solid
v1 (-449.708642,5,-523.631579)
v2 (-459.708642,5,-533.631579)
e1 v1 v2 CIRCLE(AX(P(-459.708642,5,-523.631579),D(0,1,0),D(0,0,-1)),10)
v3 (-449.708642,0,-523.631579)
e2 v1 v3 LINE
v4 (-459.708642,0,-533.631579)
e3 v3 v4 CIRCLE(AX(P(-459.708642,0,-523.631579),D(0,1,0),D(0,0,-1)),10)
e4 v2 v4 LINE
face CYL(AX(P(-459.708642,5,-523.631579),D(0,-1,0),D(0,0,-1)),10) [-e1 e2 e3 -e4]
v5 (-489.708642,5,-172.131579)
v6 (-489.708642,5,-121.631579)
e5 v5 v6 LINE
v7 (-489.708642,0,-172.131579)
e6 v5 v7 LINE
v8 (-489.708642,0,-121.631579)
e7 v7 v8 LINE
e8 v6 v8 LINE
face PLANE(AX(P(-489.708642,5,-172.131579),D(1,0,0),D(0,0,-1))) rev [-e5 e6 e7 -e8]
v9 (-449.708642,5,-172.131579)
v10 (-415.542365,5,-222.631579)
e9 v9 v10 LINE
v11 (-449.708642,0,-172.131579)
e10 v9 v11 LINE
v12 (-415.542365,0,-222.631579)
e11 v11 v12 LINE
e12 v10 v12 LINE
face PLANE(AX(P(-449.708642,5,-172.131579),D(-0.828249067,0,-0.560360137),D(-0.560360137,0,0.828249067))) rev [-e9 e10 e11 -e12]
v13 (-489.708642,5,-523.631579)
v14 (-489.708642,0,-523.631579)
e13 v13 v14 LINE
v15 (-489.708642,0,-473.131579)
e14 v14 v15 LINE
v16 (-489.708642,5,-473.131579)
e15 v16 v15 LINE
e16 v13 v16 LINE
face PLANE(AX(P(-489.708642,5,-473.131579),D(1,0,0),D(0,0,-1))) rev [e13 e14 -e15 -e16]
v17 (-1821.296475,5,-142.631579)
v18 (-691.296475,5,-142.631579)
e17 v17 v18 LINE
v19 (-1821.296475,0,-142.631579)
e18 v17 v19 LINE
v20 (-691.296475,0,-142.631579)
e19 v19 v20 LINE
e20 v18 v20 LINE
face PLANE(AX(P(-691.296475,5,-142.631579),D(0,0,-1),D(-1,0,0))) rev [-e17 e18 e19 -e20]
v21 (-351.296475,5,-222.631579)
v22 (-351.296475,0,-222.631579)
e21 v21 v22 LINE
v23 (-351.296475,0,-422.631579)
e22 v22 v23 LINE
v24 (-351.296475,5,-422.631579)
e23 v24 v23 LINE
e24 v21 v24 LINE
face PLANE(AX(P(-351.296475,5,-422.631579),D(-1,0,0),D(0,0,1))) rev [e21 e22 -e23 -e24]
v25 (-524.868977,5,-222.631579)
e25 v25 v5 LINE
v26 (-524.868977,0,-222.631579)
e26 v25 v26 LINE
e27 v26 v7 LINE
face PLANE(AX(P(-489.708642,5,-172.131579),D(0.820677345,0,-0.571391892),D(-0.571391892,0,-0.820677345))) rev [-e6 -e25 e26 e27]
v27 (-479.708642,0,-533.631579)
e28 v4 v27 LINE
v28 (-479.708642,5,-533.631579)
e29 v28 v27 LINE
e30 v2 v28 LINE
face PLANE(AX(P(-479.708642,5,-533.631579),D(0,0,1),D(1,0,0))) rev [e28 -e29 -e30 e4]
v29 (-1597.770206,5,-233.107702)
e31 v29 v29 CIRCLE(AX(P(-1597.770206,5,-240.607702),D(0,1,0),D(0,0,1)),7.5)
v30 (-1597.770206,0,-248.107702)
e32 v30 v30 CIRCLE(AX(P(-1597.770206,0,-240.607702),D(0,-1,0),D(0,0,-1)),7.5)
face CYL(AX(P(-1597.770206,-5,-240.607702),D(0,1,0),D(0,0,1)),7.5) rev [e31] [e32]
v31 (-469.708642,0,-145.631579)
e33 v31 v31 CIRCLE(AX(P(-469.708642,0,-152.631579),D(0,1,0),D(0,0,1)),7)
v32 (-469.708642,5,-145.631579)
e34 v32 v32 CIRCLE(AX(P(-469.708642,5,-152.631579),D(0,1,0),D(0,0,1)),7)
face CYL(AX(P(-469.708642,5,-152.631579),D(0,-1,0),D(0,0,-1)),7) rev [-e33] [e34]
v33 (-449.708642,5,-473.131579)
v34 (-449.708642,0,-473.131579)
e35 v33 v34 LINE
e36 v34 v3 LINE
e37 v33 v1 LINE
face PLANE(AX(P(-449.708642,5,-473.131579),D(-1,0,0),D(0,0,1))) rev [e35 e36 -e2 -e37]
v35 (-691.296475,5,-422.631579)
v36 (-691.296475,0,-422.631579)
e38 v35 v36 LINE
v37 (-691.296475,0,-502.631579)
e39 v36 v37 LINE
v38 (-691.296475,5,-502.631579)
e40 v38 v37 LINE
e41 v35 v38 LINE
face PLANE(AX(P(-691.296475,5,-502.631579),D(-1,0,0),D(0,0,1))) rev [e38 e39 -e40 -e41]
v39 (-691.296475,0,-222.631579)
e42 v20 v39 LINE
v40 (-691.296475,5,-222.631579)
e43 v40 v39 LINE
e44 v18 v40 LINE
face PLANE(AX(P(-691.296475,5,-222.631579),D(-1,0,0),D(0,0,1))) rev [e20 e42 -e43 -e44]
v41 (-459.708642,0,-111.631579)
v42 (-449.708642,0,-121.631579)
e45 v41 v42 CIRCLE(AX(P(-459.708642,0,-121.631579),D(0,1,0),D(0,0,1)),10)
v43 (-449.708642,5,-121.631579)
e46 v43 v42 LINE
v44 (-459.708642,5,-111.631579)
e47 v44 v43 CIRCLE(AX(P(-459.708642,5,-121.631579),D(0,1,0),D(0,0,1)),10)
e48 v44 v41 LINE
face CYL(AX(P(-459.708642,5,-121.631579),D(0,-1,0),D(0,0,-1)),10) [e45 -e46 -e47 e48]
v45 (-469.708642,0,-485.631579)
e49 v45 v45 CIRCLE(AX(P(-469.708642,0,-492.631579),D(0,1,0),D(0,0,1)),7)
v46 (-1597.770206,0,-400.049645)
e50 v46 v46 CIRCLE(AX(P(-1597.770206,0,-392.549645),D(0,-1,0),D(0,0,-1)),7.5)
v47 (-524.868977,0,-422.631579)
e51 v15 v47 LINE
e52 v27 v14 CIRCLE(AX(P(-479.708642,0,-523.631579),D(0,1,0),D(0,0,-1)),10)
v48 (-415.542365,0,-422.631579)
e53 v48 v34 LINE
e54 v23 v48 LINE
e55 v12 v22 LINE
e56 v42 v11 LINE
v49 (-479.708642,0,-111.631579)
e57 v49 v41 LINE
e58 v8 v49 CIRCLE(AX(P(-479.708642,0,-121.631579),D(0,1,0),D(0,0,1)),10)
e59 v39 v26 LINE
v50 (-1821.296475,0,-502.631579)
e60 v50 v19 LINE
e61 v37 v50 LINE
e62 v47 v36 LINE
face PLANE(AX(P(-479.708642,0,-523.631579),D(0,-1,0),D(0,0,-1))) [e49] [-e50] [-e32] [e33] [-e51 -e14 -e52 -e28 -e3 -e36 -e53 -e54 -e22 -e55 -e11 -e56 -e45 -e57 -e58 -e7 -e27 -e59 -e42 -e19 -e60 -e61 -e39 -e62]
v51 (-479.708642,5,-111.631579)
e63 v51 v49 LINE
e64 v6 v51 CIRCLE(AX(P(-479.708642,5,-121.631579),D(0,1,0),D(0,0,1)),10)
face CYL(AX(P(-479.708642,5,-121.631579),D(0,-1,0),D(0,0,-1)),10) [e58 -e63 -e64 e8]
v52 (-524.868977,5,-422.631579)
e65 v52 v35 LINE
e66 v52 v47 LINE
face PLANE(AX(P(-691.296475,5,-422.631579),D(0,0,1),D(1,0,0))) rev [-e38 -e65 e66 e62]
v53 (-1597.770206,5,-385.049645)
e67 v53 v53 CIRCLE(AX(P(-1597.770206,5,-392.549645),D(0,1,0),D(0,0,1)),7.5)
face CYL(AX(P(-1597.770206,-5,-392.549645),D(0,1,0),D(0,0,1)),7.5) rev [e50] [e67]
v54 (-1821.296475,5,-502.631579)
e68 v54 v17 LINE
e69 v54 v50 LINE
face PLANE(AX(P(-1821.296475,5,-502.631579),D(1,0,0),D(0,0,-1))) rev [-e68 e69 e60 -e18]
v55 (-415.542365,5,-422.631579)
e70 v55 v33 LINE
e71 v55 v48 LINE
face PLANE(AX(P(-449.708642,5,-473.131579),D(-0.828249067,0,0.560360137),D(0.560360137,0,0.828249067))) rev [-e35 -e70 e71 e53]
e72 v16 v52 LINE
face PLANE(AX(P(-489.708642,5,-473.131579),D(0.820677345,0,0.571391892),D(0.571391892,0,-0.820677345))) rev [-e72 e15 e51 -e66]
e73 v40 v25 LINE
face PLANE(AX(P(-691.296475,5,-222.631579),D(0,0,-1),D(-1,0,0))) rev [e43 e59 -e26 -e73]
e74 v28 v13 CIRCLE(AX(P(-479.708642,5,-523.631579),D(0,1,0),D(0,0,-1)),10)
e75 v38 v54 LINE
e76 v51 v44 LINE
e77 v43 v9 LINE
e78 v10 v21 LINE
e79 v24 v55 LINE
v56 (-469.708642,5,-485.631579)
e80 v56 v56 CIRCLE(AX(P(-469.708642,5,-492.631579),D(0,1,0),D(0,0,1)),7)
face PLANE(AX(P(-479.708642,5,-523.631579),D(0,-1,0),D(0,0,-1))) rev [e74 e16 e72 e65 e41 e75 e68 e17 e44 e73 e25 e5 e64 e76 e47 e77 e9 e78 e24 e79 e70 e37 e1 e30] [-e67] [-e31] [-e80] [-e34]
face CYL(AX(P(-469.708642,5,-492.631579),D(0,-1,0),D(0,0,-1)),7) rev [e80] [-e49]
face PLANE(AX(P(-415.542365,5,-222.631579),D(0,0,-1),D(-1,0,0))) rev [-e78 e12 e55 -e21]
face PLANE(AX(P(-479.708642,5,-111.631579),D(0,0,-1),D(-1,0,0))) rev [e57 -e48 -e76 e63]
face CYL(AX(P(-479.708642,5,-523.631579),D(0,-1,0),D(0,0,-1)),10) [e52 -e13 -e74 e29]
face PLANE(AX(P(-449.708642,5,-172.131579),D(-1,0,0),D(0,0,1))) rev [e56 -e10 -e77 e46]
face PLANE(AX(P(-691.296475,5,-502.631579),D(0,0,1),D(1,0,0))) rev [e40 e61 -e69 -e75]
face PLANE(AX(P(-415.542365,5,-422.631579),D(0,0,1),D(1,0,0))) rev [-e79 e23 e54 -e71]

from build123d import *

# Parameters (mm, degrees)
SKETCH1_R           = 7
BOSS_EXTRUDE1_DEPTH = 5
SKETCH2_R           = 7.5
CUT_EXTRUDE1_DEPTH  = 10


with BuildPart() as part:
    # Sketch1 → Boss-Extrude1 (new body)
    with BuildSketch(Plane(origin=(0, 0, 0), x_dir=(1, 0, 0), z_dir=(0, 1, 0))):
        with BuildLine():
            Line((-415.542365302, 422.631578947), (-351.296475424, 422.631578947))
            Line((-351.296475424, 422.631578947), (-351.296475424, 222.631578947))
            Line((-351.296475424, 222.631578947), (-415.542365302, 222.631578947))
            Line((-415.542365302, 222.631578947), (-449.708642176, 172.131578947))
            Line((-449.708642176, 172.131578947), (-449.708642176, 121.631578947))
            ThreePointArc((-449.708642176, 121.631578947), (-452.637574364, 114.560511136), (-459.708642176, 111.631578947))
            Line((-459.708642176, 111.631578947), (-479.708642176, 111.631578947))
            ThreePointArc((-479.708642176, 111.631578947), (-486.779709988, 114.560511136), (-489.708642176, 121.631578947))
            Line((-489.708642176, 121.631578947), (-489.708642176, 172.131578947))
            Line((-489.708642176, 172.131578947), (-524.868977384, 222.631578947))
            Line((-524.868977384, 222.631578947), (-691.296475424, 222.631578947))
            Line((-691.296475424, 222.631578947), (-691.296475424, 142.631578947))
            Line((-691.296475424, 142.631578947), (-1821.296475424, 142.631578947))
            Line((-1821.296475424, 142.631578947), (-1821.296475424, 502.631578947))
            Line((-1821.296475424, 502.631578947), (-691.296475424, 502.631578947))
            Line((-691.296475424, 502.631578947), (-691.296475424, 422.631578947))
            Line((-691.296475424, 422.631578947), (-524.868977384, 422.631578947))
            Line((-524.868977384, 422.631578947), (-489.708642176, 473.131578947))
            Line((-489.708642176, 473.131578947), (-489.708642176, 523.631578947))
            ThreePointArc((-489.708642176, 523.631578947), (-486.779709988, 530.702646759), (-479.708642176, 533.631578947))
            Line((-479.708642176, 533.631578947), (-459.708642176, 533.631578947))
            ThreePointArc((-459.708642176, 533.631578947), (-452.637574364, 530.702646759), (-449.708642176, 523.631578947))
            Line((-449.708642176, 523.631578947), (-449.708642176, 473.131578947))
            Line((-449.708642176, 473.131578947), (-415.542365302, 422.631578947))
        make_face()
        with Locations((-469.708642176, 492.631578947)):
            Circle(SKETCH1_R, mode=Mode.SUBTRACT)
        with Locations((-469.708642176, 152.631578947)):
            Circle(SKETCH1_R, mode=Mode.SUBTRACT)
    extrude(amount=BOSS_EXTRUDE1_DEPTH)

    # Sketch2 → Cut-Extrude1 (cut)
    with BuildSketch(Plane(origin=(0, 5, 0), x_dir=(1, 0, 0), z_dir=(0, 1, 0))):
        with Locations((-1597.770206395, 392.549644623)):
            Circle(SKETCH2_R)
        with Locations((-1597.770206395, 240.60770245)):
            Circle(SKETCH2_R)
    extrude(amount=-CUT_EXTRUDE1_DEPTH, mode=Mode.SUBTRACT)


solid = part.part
